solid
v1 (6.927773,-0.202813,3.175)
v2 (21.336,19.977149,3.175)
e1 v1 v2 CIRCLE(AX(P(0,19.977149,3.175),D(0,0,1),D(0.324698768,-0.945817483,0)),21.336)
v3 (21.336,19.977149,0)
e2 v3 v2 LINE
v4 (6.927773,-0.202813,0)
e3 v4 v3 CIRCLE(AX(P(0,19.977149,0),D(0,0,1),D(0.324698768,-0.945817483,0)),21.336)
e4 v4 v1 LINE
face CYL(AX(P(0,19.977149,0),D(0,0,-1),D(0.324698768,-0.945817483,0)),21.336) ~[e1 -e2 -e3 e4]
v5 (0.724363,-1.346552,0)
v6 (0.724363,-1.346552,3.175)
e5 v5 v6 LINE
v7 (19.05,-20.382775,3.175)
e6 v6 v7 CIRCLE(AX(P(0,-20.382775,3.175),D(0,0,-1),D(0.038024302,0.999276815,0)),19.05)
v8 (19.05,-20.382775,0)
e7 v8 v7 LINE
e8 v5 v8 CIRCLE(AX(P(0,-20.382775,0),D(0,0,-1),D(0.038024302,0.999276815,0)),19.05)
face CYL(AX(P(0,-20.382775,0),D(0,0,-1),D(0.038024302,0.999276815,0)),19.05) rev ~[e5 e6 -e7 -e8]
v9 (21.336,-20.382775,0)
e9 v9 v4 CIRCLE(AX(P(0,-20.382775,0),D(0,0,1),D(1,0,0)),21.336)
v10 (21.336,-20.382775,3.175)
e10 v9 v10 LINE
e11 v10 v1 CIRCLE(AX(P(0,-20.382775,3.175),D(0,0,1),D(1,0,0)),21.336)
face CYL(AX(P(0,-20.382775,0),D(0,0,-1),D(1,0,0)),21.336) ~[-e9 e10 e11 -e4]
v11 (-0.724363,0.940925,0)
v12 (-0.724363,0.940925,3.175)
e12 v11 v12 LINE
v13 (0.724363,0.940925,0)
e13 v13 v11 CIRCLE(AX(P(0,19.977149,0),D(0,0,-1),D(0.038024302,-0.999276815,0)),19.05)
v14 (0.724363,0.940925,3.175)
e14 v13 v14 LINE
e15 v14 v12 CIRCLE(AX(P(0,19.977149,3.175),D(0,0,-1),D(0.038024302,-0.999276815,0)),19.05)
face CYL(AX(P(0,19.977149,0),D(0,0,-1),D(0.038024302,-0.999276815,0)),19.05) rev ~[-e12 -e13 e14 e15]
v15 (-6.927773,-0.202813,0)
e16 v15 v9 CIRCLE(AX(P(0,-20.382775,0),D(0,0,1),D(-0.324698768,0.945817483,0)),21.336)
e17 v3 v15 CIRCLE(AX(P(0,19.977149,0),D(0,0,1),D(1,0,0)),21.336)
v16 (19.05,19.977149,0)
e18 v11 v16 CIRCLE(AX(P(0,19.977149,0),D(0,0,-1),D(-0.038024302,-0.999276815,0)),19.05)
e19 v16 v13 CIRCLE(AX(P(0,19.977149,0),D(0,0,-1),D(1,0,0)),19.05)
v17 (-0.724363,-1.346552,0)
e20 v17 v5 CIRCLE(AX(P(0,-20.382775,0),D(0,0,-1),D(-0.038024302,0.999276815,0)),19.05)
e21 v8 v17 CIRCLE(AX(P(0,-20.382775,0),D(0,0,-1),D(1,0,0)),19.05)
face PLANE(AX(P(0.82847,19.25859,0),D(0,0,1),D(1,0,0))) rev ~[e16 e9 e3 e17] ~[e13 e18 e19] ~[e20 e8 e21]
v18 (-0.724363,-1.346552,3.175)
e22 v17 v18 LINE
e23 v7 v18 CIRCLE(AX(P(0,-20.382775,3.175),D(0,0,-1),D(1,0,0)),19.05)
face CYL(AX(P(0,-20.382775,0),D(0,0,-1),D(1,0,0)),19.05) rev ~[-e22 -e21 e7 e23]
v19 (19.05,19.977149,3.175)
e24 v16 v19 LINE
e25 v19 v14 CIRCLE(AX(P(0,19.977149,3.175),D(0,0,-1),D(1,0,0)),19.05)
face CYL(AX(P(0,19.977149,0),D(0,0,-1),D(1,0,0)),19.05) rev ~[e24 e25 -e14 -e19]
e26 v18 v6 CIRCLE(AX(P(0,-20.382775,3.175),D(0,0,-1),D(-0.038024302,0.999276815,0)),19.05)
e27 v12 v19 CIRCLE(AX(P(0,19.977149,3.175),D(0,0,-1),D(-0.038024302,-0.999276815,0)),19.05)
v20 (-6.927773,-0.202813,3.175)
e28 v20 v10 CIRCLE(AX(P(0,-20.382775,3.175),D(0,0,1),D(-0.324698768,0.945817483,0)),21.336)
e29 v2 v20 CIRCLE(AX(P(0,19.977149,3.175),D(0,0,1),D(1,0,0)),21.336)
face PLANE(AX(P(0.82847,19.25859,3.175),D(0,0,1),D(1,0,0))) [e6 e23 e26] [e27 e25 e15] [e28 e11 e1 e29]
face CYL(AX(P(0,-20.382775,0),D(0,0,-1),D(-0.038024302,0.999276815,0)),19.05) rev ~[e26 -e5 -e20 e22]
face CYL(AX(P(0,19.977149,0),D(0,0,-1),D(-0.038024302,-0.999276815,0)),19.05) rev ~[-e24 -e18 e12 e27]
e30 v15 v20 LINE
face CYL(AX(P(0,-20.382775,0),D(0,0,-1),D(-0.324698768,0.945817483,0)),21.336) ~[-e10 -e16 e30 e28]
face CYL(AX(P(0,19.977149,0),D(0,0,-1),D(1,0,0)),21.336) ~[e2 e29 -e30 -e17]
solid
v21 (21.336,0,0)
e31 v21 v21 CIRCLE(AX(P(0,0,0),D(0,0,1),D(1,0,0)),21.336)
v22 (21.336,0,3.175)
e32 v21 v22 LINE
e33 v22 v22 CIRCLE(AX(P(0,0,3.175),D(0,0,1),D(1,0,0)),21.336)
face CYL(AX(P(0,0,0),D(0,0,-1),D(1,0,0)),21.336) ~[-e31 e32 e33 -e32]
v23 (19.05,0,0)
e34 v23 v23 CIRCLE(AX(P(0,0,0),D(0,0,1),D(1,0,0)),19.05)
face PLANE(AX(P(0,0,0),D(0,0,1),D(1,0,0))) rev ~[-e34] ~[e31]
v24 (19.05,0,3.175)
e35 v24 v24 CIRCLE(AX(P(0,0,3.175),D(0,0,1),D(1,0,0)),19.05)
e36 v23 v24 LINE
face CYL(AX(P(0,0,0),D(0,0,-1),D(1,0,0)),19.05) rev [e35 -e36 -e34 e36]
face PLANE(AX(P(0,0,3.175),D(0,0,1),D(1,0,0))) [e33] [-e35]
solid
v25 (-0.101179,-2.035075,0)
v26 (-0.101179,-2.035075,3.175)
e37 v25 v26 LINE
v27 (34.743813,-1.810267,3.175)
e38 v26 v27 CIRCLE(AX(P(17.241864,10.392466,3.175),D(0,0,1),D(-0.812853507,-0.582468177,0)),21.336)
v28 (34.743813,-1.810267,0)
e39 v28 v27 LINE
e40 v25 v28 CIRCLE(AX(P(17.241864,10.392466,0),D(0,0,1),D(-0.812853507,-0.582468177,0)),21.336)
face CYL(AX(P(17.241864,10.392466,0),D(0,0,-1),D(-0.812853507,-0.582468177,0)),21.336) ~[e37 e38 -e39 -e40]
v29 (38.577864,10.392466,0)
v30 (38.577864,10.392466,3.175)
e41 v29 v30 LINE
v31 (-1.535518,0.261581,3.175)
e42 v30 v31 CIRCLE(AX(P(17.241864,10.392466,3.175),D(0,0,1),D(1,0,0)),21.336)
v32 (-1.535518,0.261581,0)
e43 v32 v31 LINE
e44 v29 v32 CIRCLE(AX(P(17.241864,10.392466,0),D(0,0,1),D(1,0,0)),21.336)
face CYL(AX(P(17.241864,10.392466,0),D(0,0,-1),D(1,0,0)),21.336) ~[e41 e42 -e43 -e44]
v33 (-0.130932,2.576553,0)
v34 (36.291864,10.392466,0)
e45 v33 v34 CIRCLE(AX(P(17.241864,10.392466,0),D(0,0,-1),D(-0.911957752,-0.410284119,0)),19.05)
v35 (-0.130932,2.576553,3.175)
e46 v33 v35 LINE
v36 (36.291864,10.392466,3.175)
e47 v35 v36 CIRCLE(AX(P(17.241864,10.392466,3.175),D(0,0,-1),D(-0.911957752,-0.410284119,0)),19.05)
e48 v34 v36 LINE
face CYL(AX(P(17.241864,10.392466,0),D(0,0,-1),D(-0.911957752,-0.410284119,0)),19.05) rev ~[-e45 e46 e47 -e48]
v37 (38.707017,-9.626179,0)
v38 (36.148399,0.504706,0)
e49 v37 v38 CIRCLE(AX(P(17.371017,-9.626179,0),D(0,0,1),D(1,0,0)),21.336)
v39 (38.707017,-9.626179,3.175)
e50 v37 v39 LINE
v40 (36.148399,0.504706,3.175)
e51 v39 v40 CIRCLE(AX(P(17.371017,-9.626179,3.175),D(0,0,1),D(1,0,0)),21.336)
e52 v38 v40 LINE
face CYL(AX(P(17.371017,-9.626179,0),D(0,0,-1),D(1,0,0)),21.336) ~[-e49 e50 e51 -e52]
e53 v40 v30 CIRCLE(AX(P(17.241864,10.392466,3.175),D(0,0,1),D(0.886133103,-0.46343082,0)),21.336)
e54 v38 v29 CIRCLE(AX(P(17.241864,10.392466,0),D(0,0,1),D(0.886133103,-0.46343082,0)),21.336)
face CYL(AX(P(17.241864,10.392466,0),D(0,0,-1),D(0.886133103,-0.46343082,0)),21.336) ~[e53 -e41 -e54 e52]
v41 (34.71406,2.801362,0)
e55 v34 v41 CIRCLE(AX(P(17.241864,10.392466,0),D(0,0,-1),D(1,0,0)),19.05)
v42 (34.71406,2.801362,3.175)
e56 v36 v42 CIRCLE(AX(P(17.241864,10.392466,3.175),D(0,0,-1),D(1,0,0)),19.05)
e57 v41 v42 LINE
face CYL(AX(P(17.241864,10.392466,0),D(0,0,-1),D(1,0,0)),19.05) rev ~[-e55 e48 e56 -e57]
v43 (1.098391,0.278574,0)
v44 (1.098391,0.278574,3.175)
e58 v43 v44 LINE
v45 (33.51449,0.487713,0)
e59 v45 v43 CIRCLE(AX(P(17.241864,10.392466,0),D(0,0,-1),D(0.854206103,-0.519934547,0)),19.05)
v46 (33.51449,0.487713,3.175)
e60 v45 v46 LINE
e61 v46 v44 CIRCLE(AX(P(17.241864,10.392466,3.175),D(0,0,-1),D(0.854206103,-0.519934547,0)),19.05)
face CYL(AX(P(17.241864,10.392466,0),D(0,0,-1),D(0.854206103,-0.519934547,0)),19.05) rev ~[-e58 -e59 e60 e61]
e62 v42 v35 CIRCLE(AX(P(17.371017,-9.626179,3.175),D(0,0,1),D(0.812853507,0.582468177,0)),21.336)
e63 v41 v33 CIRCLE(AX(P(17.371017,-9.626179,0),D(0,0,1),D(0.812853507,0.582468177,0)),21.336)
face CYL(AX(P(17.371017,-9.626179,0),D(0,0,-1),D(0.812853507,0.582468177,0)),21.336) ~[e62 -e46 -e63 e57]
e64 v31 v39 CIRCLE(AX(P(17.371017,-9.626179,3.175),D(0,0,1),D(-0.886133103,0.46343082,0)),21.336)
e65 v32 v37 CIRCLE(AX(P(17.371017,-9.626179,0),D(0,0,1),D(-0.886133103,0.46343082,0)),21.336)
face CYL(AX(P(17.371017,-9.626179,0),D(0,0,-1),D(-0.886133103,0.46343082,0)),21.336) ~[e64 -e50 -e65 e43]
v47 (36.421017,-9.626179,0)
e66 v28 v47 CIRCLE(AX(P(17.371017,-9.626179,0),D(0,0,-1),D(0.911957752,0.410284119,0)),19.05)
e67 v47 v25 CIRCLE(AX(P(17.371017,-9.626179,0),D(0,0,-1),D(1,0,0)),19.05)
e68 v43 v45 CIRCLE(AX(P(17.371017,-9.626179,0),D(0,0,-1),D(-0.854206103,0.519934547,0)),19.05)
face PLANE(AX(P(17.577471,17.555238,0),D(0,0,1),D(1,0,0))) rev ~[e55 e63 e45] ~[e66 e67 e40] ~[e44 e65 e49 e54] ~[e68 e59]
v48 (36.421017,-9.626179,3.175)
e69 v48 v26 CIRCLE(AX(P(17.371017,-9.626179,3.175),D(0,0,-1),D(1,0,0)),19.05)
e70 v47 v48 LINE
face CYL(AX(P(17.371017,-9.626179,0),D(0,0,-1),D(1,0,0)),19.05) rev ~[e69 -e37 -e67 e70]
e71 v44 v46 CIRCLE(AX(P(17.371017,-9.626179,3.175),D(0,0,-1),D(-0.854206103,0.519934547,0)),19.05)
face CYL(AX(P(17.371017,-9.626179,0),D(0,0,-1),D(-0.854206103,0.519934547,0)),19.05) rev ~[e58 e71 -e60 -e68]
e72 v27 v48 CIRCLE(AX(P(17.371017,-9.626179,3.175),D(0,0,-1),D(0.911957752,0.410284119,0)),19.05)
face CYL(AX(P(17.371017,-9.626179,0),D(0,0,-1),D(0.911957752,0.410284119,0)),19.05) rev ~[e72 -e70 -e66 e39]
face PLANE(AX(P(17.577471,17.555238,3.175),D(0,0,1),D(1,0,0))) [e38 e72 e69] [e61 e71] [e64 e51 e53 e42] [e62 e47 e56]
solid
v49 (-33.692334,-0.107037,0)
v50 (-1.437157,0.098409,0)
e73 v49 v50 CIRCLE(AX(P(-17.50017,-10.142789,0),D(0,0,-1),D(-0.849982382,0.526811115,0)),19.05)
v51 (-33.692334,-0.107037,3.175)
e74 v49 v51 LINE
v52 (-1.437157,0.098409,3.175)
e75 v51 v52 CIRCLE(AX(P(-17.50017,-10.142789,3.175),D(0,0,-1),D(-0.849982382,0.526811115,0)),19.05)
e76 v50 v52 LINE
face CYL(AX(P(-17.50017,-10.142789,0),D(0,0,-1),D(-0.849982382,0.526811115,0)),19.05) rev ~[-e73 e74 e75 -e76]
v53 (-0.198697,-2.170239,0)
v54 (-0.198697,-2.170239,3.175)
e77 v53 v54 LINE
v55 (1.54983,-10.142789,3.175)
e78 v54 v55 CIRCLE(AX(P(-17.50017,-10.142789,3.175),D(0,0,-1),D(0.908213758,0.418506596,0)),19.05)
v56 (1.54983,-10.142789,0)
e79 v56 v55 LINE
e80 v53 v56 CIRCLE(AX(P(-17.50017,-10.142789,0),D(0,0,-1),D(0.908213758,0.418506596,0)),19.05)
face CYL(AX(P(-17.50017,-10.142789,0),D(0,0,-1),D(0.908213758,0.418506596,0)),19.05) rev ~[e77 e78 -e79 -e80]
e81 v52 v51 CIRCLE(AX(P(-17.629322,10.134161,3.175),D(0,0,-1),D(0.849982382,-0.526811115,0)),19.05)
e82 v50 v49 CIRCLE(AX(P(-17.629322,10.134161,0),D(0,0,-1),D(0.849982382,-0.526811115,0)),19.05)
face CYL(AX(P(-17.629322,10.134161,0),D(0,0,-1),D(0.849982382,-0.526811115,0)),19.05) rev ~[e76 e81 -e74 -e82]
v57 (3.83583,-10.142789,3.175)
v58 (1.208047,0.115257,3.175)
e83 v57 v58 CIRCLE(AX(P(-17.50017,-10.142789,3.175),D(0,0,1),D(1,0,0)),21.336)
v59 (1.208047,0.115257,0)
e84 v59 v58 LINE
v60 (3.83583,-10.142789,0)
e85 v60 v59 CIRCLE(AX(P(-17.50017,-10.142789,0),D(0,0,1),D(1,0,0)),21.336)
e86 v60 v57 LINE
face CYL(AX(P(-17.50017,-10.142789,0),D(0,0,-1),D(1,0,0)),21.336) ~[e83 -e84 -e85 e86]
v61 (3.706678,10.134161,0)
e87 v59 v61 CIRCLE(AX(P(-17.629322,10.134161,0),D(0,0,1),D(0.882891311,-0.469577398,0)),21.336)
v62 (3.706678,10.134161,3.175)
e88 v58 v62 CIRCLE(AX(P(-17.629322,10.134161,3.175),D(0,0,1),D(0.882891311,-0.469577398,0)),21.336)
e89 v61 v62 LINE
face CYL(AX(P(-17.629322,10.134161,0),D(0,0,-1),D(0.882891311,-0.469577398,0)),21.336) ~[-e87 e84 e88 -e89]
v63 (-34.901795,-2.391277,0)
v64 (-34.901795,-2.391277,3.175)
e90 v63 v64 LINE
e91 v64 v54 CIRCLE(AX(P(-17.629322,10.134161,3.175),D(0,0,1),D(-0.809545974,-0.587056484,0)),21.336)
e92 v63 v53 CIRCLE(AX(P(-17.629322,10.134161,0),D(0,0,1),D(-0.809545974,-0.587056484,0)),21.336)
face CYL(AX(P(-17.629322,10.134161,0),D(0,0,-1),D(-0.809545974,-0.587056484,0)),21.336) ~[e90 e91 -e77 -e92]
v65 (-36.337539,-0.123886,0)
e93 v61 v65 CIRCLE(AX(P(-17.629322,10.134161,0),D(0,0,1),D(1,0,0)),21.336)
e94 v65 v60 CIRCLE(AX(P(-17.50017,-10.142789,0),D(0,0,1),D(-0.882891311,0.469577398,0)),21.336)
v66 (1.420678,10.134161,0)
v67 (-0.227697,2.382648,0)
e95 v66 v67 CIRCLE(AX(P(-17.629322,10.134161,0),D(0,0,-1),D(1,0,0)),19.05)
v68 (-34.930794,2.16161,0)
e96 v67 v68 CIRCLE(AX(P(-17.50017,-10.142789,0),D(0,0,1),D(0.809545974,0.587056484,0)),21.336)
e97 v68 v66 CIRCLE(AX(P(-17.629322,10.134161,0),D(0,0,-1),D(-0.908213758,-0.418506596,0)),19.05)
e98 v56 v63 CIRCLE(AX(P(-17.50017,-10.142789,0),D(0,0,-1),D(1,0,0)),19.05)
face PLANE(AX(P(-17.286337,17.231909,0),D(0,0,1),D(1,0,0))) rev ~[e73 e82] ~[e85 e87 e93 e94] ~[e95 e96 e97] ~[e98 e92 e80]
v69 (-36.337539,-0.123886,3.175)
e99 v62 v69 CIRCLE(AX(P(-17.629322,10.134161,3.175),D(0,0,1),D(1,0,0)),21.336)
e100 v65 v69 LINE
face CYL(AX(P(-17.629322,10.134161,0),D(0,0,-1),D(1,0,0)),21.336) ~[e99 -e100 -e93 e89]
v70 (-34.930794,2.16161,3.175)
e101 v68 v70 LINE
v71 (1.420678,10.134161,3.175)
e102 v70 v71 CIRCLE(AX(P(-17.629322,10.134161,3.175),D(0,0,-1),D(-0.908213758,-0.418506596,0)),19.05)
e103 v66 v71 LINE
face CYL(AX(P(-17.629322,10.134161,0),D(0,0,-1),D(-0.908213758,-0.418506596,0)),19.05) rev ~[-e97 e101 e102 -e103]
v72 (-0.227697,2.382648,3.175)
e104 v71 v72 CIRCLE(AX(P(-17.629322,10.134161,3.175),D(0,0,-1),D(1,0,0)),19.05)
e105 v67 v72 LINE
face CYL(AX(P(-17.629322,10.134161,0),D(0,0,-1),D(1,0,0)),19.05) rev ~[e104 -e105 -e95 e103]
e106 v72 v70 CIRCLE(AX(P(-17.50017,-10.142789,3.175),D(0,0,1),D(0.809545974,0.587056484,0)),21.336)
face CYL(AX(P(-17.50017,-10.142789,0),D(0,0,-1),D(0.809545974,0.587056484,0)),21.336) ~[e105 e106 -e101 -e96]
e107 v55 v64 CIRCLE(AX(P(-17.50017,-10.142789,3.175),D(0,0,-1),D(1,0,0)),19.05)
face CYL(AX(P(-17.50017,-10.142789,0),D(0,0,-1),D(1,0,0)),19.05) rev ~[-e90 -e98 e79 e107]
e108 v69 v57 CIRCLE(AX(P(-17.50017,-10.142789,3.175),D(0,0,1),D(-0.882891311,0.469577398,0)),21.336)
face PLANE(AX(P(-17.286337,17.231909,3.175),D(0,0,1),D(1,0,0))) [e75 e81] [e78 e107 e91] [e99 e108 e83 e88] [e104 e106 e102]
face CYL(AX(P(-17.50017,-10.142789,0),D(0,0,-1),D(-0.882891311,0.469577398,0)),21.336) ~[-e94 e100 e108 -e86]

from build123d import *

# Parameters (mm, degrees)
F0_R     = 21.336
F0_R_2   = 19.05
F1_DEPTH = 3.175
F3_DEPTH = 3.175
F5_DEPTH = 3.175
F7_DEPTH = 3.175


with BuildPart() as f1:
    # F0 (on Top) → F1 (new body)
    with BuildSketch(Plane.XY):
        Circle(F0_R)
        Circle(F0_R_2, mode=Mode.SUBTRACT)
    extrude(amount=F1_DEPTH)


with BuildPart() as f3:
    # F2 (on Top) → F3 (new body)
    with BuildSketch(Plane.XY):
        with BuildLine():
            ThreePointArc((-0.7243629604, 0.9409253019), (-13.2118012702, 33.7012444831), (19.05, 19.9771486223))
            ThreePointArc((19.05, 19.9771486223), (13.7240958608, 6.7653473521), (0.7243629604, 0.9409253019))
            ThreePointArc((0.7243629604, 0.9409253019), (3.8685695365, 0.5995762982), (6.9277729052, -0.2028131858))
            ThreePointArc((6.9277729052, -0.2028131858), (17.3642716332, 7.5792872484), (21.336, 19.9771486223))
            ThreePointArc((21.336, 19.9771486223), (-12.3978613739, 37.3414202555), (-6.9277729052, -0.2028131858))
            ThreePointArc((-6.9277729052, -0.2028131858), (-3.8685695365, 0.5995762982), (-0.7243629604, 0.9409253019))
        make_face()
        with BuildLine():
            ThreePointArc((0.7243629604, 0.9409253019), (0, 0.9271486223), (-0.7243629604, 0.9409253019))
            ThreePointArc((-0.7243629604, 0.9409253019), (-3.8685695365, 0.5995762982), (-6.9277729052, -0.2028131858))
            ThreePointArc((-6.9277729052, -0.2028131858), (-3.8685695365, -1.0052026697), (-0.7243629604, -1.3465516734))
            ThreePointArc((-0.7243629604, -1.3465516734), (0, -1.3327749938), (0.7243629604, -1.3465516734))
            ThreePointArc((0.7243629604, -1.3465516734), (3.8685695365, -1.0052026697), (6.9277729052, -0.2028131858))
            ThreePointArc((6.9277729052, -0.2028131858), (3.8685695365, 0.5995762982), (0.7243629604, 0.9409253019))
        make_face()
        with BuildLine():
            ThreePointArc((-0.7243629604, -1.3465516734), (-3.8685695365, -1.0052026697), (-6.9277729052, -0.2028131858))
            ThreePointArc((-6.9277729052, -0.2028131858), (-12.3978613739, -37.747046627), (21.336, -20.3827749938))
            ThreePointArc((21.336, -20.3827749938), (17.3642716332, -7.9849136199), (6.9277729052, -0.2028131858))
            ThreePointArc((6.9277729052, -0.2028131858), (3.8685695365, -1.0052026697), (0.7243629604, -1.3465516734))
            ThreePointArc((0.7243629604, -1.3465516734), (13.7240958608, -7.1709737236), (19.05, -20.3827749938))
            ThreePointArc((19.05, -20.3827749938), (-13.2118012702, -34.1068708546), (-0.7243629604, -1.3465516734))
        make_face()
    extrude(amount=F3_DEPTH)


with BuildPart() as f5:
    # F4 (on Top) → F5 (new body)
    with BuildSketch(Plane.XY):
        with BuildLine():
            ThreePointArc((-34.9307937454, 2.1616098706), (-21.7103421779, 28.7418947055), (1.4206783354, 10.1341605186))
            ThreePointArc((1.4206783354, 10.1341605186), (1.0040282244, 6.1717405616), (-0.2276966689, 2.3826479237))
            ThreePointArc((-0.2276966689, 2.3826479237), (0.52586092, 1.2715491548), (1.20804735, 0.115257155))
            ThreePointArc((1.20804735, 0.115257155), (3.0725985519, 4.9712741793), (3.7066783354, 10.1341605186))
            ThreePointArc((3.7066783354, 10.1341605186), (-22.9239595032, 30.8027769735), (-36.3375385898, -0.1238858587))
            ThreePointArc((-36.3375385898, -0.1238858587), (-35.6701366939, 1.0410022147), (-34.9307937454, 2.1616098706))
        make_face()
        with BuildLine():
            ThreePointArc((-33.6923339453, -0.1070374811), (-34.3500840389, 1.0062579326), (-34.9307937454, 2.1616098706))
            ThreePointArc((-34.9307937454, 2.1616098706), (-35.6701366939, 1.0410022147), (-36.3375385898, -0.1238858587))
            ThreePointArc((-36.3375385898, -0.1238858587), (-35.6553521597, -1.2801778585), (-34.9017945709, -2.3912766274))
            ThreePointArc((-34.9017945709, -2.3912766274), (-34.3358491905, -1.2286211797), (-33.6923339453, -0.1070374811))
        make_face()
        with BuildLine():
            ThreePointArc((1.20804735, 0.115257155), (0.52586092, 1.2715491548), (-0.2276966689, 2.3826479237))
            ThreePointArc((-0.2276966689, 2.3826479237), (-0.7936420493, 1.219992476), (-1.4371572945, 0.0984087774))
            ThreePointArc((-1.4371572945, 0.0984087774), (-0.7794072008, -1.0148866363), (-0.1986974944, -2.1702385742))
            ThreePointArc((-0.1986974944, -2.1702385742), (0.5406454541, -1.0496309183), (1.20804735, 0.115257155))
        make_face()
        with BuildLine():
            ThreePointArc((-34.9017945709, -2.3912766274), (-35.6553521597, -1.2801778585), (-36.3375385898, -0.1238858587))
            ThreePointArc((-36.3375385898, -0.1238858587), (-22.6630559145, -30.8447094387), (3.8358304248, -10.1427892223))
            ThreePointArc((3.8358304248, -10.1427892223), (3.1684468796, -4.8481513837), (1.20804735, 0.115257155))
            ThreePointArc((1.20804735, 0.115257155), (0.5406454541, -1.0496309183), (-0.1986974944, -2.1702385742))
            ThreePointArc((-0.1986974944, -2.1702385742), (1.1075646117, -6.061768709), (1.5498304248, -10.1427892223))
            ThreePointArc((1.5498304248, -10.1427892223), (-21.4625895323, -28.7761391113), (-34.9017945709, -2.3912766274))
        make_face()
        with BuildLine():
            ThreePointArc((-0.2276966689, 2.3826479237), (-17.6360644272, 11.1927779975), (-34.9307937454, 2.1616098706))
            ThreePointArc((-34.9307937454, 2.1616098706), (-34.3500840389, 1.0062579326), (-33.6923339453, -0.1070374811))
            ThreePointArc((-33.6923339453, -0.1070374811), (-17.6215042645, 8.9068243668), (-1.4371572945, 0.0984087774))
            ThreePointArc((-1.4371572945, 0.0984087774), (-0.7936420493, 1.219992476), (-0.2276966689, 2.3826479237))
        make_face()
        with BuildLine():
            ThreePointArc((-1.4371572945, 0.0984087774), (-17.5079869753, -8.9154530704), (-33.6923339453, -0.1070374811))
            ThreePointArc((-33.6923339453, -0.1070374811), (-34.3358491905, -1.2286211797), (-34.9017945709, -2.3912766274))
            ThreePointArc((-34.9017945709, -2.3912766274), (-17.4934268126, -11.2014067011), (-0.1986974944, -2.1702385742))
            ThreePointArc((-0.1986974944, -2.1702385742), (-0.7794072008, -1.0148866363), (-1.4371572945, 0.0984087774))
        make_face()
    extrude(amount=F5_DEPTH)


with BuildPart() as f7:
    # F6 (on Top) → F7 (new body)
    with BuildSketch(Plane.XY):
        with BuildLine():
            ThreePointArc((-0.1309316487, 2.576553171), (13.2449427332, 29.0184454449), (36.2918635339, 10.3924656287))
            ThreePointArc((36.2918635339, 10.3924656287), (35.8932420461, 6.5157944288), (34.7140599022, 2.8013620154))
            ThreePointArc((34.7140599022, 2.8013620154), (35.4677000889, 1.6758108564), (36.14839941, 0.5047056617))
            ThreePointArc((36.14839941, 0.5047056617), (37.96159743, 5.3015400475), (38.5778635339, 10.3924656287))
            ThreePointArc((38.5778635339, 10.3924656287), (12.0173695265, 31.0789239618), (-1.5355183903, 0.2615809647))
            ThreePointArc((-1.5355183903, 0.2615809647), (-0.8699863043, 1.4413716178), (-0.1309316487, 2.576553171))
        make_face()
        with BuildLine():
            ThreePointArc((1.0983912169, 0.2785741149), (0.4443868272, 1.4065168034), (-0.1309316487, 2.576553171))
            ThreePointArc((-0.1309316487, 2.576553171), (-0.8699863043, 1.4413716178), (-1.5355183903, 0.2615809647))
            ThreePointArc((-1.5355183903, 0.2615809647), (-0.8548190692, -0.9095242299), (-0.1011788825, -2.035075389))
            ThreePointArc((-0.1011788825, -2.035075389), (0.4589949217, -0.857713185), (1.0983912169, 0.2785741149))
        make_face()
        with BuildLine():
            ThreePointArc((36.14839941, 0.5047056617), (35.4677000889, 1.6758108564), (34.7140599022, 2.8013620154))
            ThreePointArc((34.7140599022, 2.8013620154), (34.153886098, 1.6239998114), (33.5144898028, 0.4877125115))
            ThreePointArc((33.5144898028, 0.4877125115), (34.1684941925, -0.640230177), (34.7438126684, -1.8102665446))
            ThreePointArc((34.7438126684, -1.8102665446), (35.482867324, -0.6750849914), (36.14839941, 0.5047056617))
        make_face()
        with BuildLine():
            ThreePointArc((-0.1011788825, -2.035075389), (-0.8548190692, -0.9095242299), (-1.5355183903, 0.2615809647))
            ThreePointArc((-1.5355183903, 0.2615809647), (12.2800919047, -30.3459128984), (38.7070174859, -9.6261790022))
            ThreePointArc((38.7070174859, -9.6261790022), (38.057475819, -4.4016849948), (36.14839941, 0.5047056617))
            ThreePointArc((36.14839941, 0.5047056617), (35.482867324, -0.6750849914), (34.7438126684, -1.8102665446))
            ThreePointArc((34.7438126684, -1.8102665446), (35.9969973021, -5.6292582016), (36.4210174859, -9.6261790022))
            ThreePointArc((36.4210174859, -9.6261790022), (13.494346286, -28.2775575145), (-0.1011788825, -2.035075389))
        make_face()
        with BuildLine():
            ThreePointArc((34.7140599022, 2.8013620154), (17.2333672392, 11.7093769645), (-0.1309316487, 2.576553171))
            ThreePointArc((-0.1309316487, 2.576553171), (0.4443868272, 1.4065168034), (1.0983912169, 0.2785741149))
            ThreePointArc((1.0983912169, 0.2785741149), (17.2481154799, 9.4234245395), (33.5144898028, 0.4877125115))
            ThreePointArc((33.5144898028, 0.4877125115), (34.153886098, 1.6239998114), (34.7140599022, 2.8013620154))
        make_face()
        with BuildLine():
            ThreePointArc((33.5144898028, 0.4877125115), (17.3647655398, -8.657137913), (1.0983912169, 0.2785741149))
            ThreePointArc((1.0983912169, 0.2785741149), (0.4589949217, -0.857713185), (-0.1011788825, -2.035075389))
            ThreePointArc((-0.1011788825, -2.035075389), (17.3795137805, -10.943090338), (34.7438126684, -1.8102665446))
            ThreePointArc((34.7438126684, -1.8102665446), (34.1684941925, -0.640230177), (33.5144898028, 0.4877125115))
        make_face()
    extrude(amount=F7_DEPTH)


solid = Compound([f1.part, f3.part, f5.part, f7.part])
